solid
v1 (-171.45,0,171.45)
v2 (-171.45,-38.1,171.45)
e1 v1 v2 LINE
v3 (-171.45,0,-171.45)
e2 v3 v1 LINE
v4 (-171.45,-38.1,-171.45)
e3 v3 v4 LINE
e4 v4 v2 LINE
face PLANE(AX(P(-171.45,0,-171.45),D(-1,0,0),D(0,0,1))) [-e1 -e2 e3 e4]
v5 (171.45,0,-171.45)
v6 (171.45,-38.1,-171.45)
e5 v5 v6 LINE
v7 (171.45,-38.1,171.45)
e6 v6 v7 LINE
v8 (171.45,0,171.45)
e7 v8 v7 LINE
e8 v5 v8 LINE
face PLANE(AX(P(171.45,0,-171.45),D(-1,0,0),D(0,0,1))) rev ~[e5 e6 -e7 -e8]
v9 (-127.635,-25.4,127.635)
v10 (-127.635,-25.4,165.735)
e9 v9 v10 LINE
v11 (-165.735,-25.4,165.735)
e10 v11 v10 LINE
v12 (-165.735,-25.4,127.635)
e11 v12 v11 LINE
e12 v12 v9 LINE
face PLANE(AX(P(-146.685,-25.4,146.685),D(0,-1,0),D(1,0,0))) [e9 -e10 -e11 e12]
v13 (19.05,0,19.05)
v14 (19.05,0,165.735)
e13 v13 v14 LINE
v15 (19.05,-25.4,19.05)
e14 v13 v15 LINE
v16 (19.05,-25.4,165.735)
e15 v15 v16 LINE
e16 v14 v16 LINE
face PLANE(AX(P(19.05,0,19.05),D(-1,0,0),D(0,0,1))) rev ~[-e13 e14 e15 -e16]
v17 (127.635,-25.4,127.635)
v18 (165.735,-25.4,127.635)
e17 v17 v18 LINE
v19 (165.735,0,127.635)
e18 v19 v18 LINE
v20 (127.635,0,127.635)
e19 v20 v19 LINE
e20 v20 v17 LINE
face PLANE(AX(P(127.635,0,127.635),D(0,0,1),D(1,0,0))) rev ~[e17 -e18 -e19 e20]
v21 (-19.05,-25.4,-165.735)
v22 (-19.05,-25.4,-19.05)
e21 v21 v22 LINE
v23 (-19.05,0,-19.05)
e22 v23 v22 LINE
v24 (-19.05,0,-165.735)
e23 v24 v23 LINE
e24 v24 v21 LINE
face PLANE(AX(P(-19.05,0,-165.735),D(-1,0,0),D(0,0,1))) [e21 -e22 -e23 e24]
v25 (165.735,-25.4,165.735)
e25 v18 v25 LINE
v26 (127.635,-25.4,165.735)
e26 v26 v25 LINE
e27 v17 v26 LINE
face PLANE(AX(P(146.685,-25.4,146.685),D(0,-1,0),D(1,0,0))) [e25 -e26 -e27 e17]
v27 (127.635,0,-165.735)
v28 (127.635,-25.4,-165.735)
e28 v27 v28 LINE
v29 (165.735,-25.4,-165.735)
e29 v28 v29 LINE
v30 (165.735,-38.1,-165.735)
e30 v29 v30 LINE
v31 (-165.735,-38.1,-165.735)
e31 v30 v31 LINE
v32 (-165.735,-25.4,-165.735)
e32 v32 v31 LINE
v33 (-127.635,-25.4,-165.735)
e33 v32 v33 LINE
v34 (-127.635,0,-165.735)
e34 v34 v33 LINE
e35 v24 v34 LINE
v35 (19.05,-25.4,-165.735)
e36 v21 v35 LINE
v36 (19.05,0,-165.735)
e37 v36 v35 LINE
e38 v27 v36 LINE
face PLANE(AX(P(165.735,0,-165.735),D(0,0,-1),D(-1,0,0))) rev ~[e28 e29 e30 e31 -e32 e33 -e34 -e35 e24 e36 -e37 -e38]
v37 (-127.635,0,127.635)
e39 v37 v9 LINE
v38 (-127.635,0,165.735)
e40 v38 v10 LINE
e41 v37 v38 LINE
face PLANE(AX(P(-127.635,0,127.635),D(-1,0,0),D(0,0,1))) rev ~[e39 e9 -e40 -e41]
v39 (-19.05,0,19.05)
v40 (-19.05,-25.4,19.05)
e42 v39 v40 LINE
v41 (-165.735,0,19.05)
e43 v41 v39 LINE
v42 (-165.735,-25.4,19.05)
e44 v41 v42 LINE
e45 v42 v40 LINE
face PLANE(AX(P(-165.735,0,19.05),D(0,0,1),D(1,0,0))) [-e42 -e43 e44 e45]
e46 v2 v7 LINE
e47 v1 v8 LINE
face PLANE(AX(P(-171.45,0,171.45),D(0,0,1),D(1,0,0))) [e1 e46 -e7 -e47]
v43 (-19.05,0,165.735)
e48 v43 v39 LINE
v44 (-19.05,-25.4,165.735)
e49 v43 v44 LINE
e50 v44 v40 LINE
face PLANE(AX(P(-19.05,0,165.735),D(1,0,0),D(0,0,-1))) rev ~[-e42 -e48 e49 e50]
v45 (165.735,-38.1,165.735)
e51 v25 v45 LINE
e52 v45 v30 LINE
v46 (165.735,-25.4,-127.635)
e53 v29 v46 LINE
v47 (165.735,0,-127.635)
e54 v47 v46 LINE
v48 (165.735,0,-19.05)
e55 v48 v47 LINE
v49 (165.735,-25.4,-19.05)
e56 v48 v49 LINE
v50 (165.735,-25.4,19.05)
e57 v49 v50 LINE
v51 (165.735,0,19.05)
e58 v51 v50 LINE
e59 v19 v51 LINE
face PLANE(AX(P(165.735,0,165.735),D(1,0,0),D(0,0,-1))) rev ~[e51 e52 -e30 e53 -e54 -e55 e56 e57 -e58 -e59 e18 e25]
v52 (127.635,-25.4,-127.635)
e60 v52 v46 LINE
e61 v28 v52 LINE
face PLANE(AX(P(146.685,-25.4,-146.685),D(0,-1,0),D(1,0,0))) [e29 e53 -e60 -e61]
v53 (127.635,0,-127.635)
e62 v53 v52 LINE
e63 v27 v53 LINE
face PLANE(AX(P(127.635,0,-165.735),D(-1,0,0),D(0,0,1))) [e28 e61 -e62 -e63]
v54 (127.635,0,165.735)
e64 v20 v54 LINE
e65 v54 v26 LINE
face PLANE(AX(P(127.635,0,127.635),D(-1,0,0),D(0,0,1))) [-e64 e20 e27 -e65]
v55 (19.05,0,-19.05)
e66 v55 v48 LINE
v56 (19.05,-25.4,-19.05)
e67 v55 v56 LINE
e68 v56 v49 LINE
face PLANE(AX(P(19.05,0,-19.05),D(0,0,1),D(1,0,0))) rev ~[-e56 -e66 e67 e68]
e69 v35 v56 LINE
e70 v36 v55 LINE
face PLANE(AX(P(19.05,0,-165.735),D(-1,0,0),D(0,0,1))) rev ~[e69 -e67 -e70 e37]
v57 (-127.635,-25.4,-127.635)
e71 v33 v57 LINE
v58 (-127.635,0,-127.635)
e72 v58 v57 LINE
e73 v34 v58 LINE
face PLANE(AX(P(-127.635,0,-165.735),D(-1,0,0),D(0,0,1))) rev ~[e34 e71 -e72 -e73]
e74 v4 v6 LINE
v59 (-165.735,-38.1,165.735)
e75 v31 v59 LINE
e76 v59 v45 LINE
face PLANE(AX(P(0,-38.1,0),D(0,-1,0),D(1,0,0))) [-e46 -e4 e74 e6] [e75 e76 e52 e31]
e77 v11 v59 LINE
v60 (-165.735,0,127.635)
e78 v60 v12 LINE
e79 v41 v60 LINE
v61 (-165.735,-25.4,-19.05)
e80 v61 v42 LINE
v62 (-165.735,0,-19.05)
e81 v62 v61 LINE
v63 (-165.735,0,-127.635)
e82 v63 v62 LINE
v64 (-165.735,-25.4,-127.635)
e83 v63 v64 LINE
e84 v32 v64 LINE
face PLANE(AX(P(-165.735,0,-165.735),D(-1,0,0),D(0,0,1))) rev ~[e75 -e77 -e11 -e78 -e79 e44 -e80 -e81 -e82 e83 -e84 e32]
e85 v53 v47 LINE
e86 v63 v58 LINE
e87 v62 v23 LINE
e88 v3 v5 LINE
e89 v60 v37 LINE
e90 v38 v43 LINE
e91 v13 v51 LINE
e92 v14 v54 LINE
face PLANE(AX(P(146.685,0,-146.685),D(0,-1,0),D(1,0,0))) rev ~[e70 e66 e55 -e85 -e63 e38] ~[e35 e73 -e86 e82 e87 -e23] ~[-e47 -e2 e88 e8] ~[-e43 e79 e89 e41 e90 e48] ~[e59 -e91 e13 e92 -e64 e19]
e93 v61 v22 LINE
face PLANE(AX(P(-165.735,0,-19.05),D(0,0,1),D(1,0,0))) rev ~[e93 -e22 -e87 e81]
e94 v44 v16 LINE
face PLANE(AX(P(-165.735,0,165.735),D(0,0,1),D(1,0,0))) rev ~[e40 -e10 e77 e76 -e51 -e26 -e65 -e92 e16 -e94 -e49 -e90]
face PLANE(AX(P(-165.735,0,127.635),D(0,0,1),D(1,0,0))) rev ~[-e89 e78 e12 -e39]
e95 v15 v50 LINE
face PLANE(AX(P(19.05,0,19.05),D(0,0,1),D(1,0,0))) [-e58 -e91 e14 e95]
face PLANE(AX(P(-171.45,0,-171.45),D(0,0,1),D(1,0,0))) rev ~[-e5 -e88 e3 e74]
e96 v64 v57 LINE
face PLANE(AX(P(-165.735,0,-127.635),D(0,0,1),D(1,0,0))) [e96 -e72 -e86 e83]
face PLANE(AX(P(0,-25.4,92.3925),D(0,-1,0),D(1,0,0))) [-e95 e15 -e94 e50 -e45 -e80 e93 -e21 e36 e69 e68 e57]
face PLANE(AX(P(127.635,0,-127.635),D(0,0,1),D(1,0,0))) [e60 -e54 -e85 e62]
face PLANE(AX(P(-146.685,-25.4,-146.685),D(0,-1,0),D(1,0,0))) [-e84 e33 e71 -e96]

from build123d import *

# Parameters (mm, degrees)
F0_W     = 342.9
F0_H     = 342.9
F1_DEPTH = 38.1
F0_W_2   = 38.1
F0_H_2   = 146.685
F0_H_3   = 38.1
F0_W_3   = 146.685
F2_DEPTH = 25.4


with BuildPart() as f1:
    # F0 (on Front) → F1 (new body)
    with BuildSketch(Plane.XZ):
        Rectangle(F0_W, F0_H)
        Polygon((127.635, 165.735), (165.735, 165.735), (165.735, 127.635), (165.735, 19.05), (165.735, -19.05), (165.735, -127.635), (165.735, -165.735), (127.635, -165.735), (19.05, -165.735), (-19.05, -165.735), (-127.635, -165.735), (-165.735, -165.735), (-165.735, -127.635), (-165.735, -19.05), (-165.735, 19.05), (-165.735, 127.635), (-165.735, 165.735), (-127.635, 165.735), (-19.05, 165.735), (19.05, 165.735), align=None, mode=Mode.SUBTRACT)
    extrude(amount=F1_DEPTH)

    # F0 (on Front) → F2 (join)
    with BuildSketch(Plane.XZ):
        with Locations((0, 92.3925)):
            Rectangle(F0_W_2, F0_H_2)
        with Locations((146.685, -146.685)):
            Rectangle(F0_W_2, F0_H_3)
        Rectangle(F0_W_2, F0_H_3)
        with Locations((146.685, 146.685)):
            Rectangle(F0_W_2, F0_H_3)
        with Locations((-92.3925, 0)):
            Rectangle(F0_W_3, F0_H_3)
        with Locations((92.3925, 0)):
            Rectangle(F0_W_3, F0_H_3)
        with Locations((-146.685, -146.685)):
            Rectangle(F0_W_2, F0_H_3)
        with Locations((0, -92.3925)):
            Rectangle(F0_W_2, F0_H_2)
        with Locations((-146.685, 146.685)):
            Rectangle(F0_W_2, F0_H_3)
    extrude(amount=F2_DEPTH)


solid = f1.part
